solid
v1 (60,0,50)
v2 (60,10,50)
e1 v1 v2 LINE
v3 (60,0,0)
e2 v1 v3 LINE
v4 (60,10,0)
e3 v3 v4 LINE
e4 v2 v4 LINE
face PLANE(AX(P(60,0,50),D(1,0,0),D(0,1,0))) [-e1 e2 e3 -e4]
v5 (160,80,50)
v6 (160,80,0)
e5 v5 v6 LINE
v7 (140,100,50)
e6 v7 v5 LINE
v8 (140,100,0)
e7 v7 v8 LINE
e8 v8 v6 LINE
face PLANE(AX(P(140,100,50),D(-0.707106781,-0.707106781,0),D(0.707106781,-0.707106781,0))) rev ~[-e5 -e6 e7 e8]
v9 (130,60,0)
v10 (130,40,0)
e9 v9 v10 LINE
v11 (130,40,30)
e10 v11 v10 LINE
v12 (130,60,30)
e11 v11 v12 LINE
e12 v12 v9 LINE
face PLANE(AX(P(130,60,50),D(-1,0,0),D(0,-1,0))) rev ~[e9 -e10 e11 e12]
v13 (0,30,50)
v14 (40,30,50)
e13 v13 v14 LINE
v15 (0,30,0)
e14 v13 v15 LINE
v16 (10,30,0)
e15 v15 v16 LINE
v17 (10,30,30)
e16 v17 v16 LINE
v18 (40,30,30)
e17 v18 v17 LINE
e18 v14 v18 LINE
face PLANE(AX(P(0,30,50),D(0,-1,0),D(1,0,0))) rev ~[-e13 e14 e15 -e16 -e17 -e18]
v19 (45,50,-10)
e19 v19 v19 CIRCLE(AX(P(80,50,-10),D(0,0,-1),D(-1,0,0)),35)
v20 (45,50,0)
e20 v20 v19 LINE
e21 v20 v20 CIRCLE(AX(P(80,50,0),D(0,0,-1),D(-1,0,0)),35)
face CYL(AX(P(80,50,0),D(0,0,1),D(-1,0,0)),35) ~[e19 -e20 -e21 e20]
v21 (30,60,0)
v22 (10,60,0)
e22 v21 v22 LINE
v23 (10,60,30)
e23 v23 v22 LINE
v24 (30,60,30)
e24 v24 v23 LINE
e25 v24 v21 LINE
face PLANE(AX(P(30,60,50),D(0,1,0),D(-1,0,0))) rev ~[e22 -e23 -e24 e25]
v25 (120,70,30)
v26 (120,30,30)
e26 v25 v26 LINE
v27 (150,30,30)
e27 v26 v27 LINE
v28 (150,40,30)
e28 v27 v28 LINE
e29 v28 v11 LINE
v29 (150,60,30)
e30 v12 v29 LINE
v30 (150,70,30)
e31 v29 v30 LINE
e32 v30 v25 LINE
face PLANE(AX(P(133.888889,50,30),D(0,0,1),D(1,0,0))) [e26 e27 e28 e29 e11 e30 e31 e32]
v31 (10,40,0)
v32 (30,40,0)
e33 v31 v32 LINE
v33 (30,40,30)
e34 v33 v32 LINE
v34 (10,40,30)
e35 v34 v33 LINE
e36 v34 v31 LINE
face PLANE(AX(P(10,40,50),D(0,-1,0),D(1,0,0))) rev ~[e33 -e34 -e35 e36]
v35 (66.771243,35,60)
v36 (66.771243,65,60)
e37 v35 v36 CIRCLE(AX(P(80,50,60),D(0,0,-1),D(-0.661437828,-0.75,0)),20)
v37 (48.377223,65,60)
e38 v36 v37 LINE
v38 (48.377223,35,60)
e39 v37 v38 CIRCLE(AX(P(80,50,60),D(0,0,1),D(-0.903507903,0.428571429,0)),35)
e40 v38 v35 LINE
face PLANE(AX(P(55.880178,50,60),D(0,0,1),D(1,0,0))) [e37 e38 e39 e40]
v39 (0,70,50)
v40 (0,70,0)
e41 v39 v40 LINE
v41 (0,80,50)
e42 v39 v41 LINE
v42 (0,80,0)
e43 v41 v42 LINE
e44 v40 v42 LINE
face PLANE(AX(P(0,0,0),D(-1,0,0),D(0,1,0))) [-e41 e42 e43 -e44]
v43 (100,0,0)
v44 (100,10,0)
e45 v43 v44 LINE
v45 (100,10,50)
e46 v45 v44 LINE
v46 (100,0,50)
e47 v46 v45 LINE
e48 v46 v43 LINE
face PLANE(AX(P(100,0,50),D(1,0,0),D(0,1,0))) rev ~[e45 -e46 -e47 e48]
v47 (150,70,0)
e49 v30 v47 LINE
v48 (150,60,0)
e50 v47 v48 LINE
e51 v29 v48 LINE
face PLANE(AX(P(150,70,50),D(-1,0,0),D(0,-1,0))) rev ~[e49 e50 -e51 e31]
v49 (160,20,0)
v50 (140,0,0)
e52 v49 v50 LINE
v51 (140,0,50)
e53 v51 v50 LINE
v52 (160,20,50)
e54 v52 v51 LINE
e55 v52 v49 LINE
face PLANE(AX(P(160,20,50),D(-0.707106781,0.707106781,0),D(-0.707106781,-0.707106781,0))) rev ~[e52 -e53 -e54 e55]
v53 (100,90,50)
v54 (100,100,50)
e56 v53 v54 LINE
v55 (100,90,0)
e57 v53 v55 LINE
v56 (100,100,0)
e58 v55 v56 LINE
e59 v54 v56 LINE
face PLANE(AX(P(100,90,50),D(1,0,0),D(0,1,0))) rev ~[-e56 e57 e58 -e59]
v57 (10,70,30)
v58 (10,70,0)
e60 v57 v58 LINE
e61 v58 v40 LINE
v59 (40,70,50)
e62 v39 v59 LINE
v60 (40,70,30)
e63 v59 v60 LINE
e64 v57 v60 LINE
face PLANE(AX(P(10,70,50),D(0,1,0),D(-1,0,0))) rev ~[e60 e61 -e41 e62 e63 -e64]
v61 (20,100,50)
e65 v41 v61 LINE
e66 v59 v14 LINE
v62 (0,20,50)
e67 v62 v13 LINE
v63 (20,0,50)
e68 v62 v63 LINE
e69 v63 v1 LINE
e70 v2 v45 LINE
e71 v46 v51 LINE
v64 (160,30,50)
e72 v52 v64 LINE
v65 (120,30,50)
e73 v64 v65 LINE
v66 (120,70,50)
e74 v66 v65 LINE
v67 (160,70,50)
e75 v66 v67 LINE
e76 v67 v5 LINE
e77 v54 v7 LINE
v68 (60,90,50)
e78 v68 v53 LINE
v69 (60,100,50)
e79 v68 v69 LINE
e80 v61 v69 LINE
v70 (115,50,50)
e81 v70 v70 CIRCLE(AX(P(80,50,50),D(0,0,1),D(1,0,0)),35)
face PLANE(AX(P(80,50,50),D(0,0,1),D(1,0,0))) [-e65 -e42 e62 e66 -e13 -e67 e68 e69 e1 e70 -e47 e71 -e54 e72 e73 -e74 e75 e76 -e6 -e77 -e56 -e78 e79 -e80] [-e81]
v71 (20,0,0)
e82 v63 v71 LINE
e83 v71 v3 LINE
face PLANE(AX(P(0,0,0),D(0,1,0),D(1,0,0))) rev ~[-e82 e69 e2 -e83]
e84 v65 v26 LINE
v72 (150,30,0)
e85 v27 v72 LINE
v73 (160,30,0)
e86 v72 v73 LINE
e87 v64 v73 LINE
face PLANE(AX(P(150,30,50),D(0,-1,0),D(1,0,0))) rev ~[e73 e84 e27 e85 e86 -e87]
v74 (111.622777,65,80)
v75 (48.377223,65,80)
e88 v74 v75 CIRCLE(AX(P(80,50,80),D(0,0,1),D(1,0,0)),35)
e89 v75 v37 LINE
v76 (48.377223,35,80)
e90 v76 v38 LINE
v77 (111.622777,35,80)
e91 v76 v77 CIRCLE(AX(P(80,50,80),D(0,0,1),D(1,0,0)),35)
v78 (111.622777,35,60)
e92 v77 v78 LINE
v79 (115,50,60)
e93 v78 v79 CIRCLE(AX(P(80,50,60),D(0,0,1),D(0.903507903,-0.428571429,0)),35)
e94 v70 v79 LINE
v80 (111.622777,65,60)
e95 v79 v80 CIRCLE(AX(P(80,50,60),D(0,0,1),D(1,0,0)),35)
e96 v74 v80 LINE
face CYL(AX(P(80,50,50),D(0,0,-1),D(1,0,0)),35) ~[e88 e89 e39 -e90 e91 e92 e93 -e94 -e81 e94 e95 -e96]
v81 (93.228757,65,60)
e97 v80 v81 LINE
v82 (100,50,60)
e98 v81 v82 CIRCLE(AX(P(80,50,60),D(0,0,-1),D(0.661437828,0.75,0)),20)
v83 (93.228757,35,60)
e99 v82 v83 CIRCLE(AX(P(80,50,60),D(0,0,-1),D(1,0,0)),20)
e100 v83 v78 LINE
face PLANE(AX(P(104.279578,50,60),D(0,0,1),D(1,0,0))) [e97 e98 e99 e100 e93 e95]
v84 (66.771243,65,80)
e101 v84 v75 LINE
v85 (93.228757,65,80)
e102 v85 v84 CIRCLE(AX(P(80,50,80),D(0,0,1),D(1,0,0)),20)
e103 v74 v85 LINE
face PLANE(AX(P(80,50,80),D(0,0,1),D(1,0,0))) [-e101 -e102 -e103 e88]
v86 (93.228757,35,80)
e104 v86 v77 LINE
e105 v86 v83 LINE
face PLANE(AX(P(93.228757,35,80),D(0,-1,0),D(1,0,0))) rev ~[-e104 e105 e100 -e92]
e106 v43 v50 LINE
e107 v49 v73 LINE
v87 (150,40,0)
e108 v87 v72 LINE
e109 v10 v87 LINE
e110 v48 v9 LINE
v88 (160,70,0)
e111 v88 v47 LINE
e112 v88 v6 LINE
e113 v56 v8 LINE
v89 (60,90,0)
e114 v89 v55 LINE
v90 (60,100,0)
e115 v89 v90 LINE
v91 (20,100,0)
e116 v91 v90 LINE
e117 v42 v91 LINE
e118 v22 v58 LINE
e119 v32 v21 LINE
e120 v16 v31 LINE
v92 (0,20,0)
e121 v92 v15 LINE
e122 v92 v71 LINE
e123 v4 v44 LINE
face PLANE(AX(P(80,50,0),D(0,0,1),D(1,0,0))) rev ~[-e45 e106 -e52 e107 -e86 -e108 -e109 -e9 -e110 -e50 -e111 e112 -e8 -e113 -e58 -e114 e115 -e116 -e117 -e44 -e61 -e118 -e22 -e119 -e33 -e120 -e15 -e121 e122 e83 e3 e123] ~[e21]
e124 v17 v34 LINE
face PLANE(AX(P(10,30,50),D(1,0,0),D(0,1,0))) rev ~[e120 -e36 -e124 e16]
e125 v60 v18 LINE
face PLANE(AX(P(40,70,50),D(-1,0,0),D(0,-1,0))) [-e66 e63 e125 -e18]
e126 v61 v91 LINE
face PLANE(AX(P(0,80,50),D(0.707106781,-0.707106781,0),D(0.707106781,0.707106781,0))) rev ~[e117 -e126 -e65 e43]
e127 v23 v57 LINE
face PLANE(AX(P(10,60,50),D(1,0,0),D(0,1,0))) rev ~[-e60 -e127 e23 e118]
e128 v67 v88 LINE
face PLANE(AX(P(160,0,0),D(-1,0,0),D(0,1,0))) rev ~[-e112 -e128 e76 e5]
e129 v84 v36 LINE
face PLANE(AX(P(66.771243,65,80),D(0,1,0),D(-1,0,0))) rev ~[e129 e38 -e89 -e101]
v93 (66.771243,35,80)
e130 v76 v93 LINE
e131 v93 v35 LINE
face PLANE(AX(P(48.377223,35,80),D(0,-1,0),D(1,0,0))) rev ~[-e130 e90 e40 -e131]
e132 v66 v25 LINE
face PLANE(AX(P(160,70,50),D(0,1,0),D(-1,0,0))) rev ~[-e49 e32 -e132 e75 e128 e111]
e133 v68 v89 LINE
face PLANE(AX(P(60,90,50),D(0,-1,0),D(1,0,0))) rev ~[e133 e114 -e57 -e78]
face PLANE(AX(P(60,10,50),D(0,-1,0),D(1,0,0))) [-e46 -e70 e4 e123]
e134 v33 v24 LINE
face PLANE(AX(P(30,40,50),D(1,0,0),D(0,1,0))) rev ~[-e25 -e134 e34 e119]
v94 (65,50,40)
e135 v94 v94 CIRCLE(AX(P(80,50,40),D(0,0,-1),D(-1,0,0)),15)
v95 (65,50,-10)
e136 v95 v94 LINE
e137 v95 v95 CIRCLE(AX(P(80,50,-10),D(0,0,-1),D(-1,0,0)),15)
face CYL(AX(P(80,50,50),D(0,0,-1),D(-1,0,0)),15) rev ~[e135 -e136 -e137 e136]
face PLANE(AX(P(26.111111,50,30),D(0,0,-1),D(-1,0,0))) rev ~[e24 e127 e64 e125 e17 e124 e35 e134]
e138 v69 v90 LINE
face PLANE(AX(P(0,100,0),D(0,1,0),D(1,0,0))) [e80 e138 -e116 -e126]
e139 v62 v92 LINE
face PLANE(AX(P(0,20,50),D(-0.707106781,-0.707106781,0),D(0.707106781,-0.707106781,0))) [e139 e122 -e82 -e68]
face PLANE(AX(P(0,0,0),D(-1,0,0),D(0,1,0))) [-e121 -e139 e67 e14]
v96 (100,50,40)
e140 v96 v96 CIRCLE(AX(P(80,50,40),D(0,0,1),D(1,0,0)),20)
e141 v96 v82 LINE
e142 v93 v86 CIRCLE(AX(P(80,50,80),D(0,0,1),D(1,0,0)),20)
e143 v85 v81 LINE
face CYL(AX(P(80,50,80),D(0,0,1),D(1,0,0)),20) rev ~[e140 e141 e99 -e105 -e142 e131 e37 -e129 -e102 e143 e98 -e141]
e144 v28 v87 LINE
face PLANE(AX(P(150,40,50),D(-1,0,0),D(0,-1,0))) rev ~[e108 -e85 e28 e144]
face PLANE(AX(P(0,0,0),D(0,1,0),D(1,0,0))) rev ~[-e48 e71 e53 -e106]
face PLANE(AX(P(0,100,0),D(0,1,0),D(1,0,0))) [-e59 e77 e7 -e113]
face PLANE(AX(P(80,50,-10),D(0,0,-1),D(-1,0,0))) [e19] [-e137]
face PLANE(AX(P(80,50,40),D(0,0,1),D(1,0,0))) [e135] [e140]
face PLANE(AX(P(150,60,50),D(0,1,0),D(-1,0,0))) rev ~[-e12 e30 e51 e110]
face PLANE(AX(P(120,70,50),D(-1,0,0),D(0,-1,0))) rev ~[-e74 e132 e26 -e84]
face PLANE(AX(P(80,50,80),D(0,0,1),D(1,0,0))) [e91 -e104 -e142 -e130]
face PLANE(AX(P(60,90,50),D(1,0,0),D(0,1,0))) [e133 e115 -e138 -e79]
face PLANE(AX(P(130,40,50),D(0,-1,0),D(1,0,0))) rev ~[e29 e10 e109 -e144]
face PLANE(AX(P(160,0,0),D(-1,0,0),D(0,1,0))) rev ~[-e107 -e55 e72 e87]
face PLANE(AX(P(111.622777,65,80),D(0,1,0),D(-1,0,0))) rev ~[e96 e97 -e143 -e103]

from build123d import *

# Parameters (mm, degrees)
SKETCH1_W           = 160
SKETCH1_H           = 100
BOSS_EXTRUDE2_DEPTH = 50
CUT_EXTRUDE2_DEPTH  = 50
CUT_EXTRUDE3_DEPTH  = 50
CUT_EXTRUDE4_DEPTH  = 20
CUT_EXTRUDE5_DEPTH  = 20
SKETCH8_W           = 40
SKETCH8_H           = 10
CUT_EXTRUDE6_DEPTH  = 125
SKETCH9_R           = 35
BOSS_EXTRUDE3_DEPTH = 10
SKETCH10_R          = 15
CUT_EXTRUDE8_DEPTH  = 123
SKETCH11_R          = 35
BOSS_EXTRUDE4_DEPTH = 30
SKETCH12_R          = 15
CUT_EXTRUDE9_DEPTH  = 30
SKETCH13_R          = 20
CUT_EXTRUDE10_DEPTH = 30
CUT_EXTRUDE11_DEPTH = 20
SKETCH15_R          = 20
SKETCH15_R_2        = 15
CUT_EXTRUDE12_DEPTH = 10


with BuildPart() as part:
    # Sketch1 → Boss-Extrude2 (new body)
    with BuildSketch(Plane.XY):
        with Locations((80, 50)):
            Rectangle(SKETCH1_W, SKETCH1_H)
    extrude(amount=BOSS_EXTRUDE2_DEPTH)

    # Sketch4 → Cut-Extrude2 (cut)
    with BuildSketch(Plane.XY.offset(50)):
        Polygon((0, 80), (20, 100), (0, 100), align=None)
        Polygon((0, 20), (20, 0), (0, 0), align=None)
        Polygon((140, 100), (160, 80), (160, 100), align=None)
        Polygon((160, 20), (140, 0), (160, 0), align=None)
    extrude(amount=-CUT_EXTRUDE2_DEPTH, mode=Mode.SUBTRACT)

    # Sketch5 → Cut-Extrude3 (cut)
    with BuildSketch(Plane.XY.offset(50)):
        Polygon((10, 70), (0, 70), (0, 30), (10, 30), (10, 40), (30, 40), (30, 60), (10, 60), align=None)
        Polygon((160, 30), (160, 70), (150, 70), (150, 60), (130, 60), (130, 40), (150, 40), (150, 30), align=None)
    extrude(amount=-CUT_EXTRUDE3_DEPTH, mode=Mode.SUBTRACT)

    # Sketch6 → Cut-Extrude4 (cut)
    with BuildSketch(Plane.XY.offset(50)):
        Polygon((10, 70), (40, 70), (40, 30), (10, 30), (10, 40), (30, 40), (30, 60), (10, 60), align=None)
    extrude(amount=-CUT_EXTRUDE4_DEPTH, mode=Mode.SUBTRACT)

    # Sketch7 → Cut-Extrude5 (cut)
    with BuildSketch(Plane.XY.offset(50)):
        Polygon((150, 70), (120, 70), (120, 30), (150, 30), (150, 40), (130, 40), (130, 60), (150, 60), align=None)
    extrude(amount=-CUT_EXTRUDE5_DEPTH, mode=Mode.SUBTRACT)

    # Sketch8 → Cut-Extrude6 (cut)
    with BuildSketch(Plane.XY.offset(50)):
        with Locations((80, 95)):
            Rectangle(SKETCH8_W, SKETCH8_H)
        with Locations((80, 5)):
            Rectangle(SKETCH8_W, SKETCH8_H)
    extrude(amount=-CUT_EXTRUDE6_DEPTH, mode=Mode.SUBTRACT)

    # Sketch9 → Boss-Extrude3 (add)
    with BuildSketch(Plane(origin=(0, 0, 0), x_dir=(-1, 0, 0), z_dir=(0, 0, -1))):
        with Locations((-80, 50)):
            Circle(SKETCH9_R)
    extrude(amount=BOSS_EXTRUDE3_DEPTH)

    # Sketch10 → Cut-Extrude8 (cut)
    with BuildSketch(Plane(origin=(0, 0, -10), x_dir=(-1, 0, 0), z_dir=(0, 0, -1))):
        with Locations((-80, 50)):
            Circle(SKETCH10_R)
    extrude(amount=-CUT_EXTRUDE8_DEPTH, mode=Mode.SUBTRACT)

    # Sketch11 → Boss-Extrude4 (add)
    with BuildSketch(Plane.XY.offset(50)):
        with Locations((80, 50)):
            Circle(SKETCH11_R)
    extrude(amount=BOSS_EXTRUDE4_DEPTH)

    # Sketch12 → Cut-Extrude9 (cut)
    with BuildSketch(Plane(origin=(0, 0, 50), x_dir=(-1, 0, 0), z_dir=(0, 0, -1))):
        with Locations((-80, 50)):
            Circle(SKETCH12_R)
    extrude(amount=-CUT_EXTRUDE9_DEPTH, mode=Mode.SUBTRACT)

    # Sketch13 → Cut-Extrude10 (cut)
    with BuildSketch(Plane.XY.offset(80)):
        with Locations((80, 50)):
            Circle(SKETCH13_R)
    extrude(amount=-CUT_EXTRUDE10_DEPTH, mode=Mode.SUBTRACT)

    # Sketch14 → Cut-Extrude11 (cut)
    with BuildSketch(Plane.XY.offset(80)):
        with BuildLine():
            ThreePointArc((66.771243445, 35), (60, 50), (66.771243445, 65))
            Line((66.771243445, 65), (48.377223398, 65))
            ThreePointArc((48.377223398, 65), (45, 50), (48.377223398, 35))
            Line((48.377223398, 35), (66.771243445, 35))
        make_face()
        with BuildLine():
            Line((111.622776602, 65), (93.228756555, 65))
            ThreePointArc((93.228756555, 65), (98.228756555, 58.228756555), (100, 50))
            ThreePointArc((100, 50), (98.228756555, 41.771243445), (93.228756555, 35))
            Line((93.228756555, 35), (111.622776602, 35))
            ThreePointArc((111.622776602, 35), (114.145257219, 42.312255892), (115, 50))
            ThreePointArc((115, 50), (114.145257219, 57.687744108), (111.622776602, 65))
        make_face()
    extrude(amount=-CUT_EXTRUDE11_DEPTH, mode=Mode.SUBTRACT)

    # Sketch15 → Cut-Extrude12 (cut)
    with BuildSketch(Plane.XY.offset(50)):
        with Locations((80, 50)):
            Circle(SKETCH15_R)
        with Locations((80, 50)):
            Circle(SKETCH15_R_2, mode=Mode.SUBTRACT)
    extrude(amount=-CUT_EXTRUDE12_DEPTH, mode=Mode.SUBTRACT)


solid = part.part
